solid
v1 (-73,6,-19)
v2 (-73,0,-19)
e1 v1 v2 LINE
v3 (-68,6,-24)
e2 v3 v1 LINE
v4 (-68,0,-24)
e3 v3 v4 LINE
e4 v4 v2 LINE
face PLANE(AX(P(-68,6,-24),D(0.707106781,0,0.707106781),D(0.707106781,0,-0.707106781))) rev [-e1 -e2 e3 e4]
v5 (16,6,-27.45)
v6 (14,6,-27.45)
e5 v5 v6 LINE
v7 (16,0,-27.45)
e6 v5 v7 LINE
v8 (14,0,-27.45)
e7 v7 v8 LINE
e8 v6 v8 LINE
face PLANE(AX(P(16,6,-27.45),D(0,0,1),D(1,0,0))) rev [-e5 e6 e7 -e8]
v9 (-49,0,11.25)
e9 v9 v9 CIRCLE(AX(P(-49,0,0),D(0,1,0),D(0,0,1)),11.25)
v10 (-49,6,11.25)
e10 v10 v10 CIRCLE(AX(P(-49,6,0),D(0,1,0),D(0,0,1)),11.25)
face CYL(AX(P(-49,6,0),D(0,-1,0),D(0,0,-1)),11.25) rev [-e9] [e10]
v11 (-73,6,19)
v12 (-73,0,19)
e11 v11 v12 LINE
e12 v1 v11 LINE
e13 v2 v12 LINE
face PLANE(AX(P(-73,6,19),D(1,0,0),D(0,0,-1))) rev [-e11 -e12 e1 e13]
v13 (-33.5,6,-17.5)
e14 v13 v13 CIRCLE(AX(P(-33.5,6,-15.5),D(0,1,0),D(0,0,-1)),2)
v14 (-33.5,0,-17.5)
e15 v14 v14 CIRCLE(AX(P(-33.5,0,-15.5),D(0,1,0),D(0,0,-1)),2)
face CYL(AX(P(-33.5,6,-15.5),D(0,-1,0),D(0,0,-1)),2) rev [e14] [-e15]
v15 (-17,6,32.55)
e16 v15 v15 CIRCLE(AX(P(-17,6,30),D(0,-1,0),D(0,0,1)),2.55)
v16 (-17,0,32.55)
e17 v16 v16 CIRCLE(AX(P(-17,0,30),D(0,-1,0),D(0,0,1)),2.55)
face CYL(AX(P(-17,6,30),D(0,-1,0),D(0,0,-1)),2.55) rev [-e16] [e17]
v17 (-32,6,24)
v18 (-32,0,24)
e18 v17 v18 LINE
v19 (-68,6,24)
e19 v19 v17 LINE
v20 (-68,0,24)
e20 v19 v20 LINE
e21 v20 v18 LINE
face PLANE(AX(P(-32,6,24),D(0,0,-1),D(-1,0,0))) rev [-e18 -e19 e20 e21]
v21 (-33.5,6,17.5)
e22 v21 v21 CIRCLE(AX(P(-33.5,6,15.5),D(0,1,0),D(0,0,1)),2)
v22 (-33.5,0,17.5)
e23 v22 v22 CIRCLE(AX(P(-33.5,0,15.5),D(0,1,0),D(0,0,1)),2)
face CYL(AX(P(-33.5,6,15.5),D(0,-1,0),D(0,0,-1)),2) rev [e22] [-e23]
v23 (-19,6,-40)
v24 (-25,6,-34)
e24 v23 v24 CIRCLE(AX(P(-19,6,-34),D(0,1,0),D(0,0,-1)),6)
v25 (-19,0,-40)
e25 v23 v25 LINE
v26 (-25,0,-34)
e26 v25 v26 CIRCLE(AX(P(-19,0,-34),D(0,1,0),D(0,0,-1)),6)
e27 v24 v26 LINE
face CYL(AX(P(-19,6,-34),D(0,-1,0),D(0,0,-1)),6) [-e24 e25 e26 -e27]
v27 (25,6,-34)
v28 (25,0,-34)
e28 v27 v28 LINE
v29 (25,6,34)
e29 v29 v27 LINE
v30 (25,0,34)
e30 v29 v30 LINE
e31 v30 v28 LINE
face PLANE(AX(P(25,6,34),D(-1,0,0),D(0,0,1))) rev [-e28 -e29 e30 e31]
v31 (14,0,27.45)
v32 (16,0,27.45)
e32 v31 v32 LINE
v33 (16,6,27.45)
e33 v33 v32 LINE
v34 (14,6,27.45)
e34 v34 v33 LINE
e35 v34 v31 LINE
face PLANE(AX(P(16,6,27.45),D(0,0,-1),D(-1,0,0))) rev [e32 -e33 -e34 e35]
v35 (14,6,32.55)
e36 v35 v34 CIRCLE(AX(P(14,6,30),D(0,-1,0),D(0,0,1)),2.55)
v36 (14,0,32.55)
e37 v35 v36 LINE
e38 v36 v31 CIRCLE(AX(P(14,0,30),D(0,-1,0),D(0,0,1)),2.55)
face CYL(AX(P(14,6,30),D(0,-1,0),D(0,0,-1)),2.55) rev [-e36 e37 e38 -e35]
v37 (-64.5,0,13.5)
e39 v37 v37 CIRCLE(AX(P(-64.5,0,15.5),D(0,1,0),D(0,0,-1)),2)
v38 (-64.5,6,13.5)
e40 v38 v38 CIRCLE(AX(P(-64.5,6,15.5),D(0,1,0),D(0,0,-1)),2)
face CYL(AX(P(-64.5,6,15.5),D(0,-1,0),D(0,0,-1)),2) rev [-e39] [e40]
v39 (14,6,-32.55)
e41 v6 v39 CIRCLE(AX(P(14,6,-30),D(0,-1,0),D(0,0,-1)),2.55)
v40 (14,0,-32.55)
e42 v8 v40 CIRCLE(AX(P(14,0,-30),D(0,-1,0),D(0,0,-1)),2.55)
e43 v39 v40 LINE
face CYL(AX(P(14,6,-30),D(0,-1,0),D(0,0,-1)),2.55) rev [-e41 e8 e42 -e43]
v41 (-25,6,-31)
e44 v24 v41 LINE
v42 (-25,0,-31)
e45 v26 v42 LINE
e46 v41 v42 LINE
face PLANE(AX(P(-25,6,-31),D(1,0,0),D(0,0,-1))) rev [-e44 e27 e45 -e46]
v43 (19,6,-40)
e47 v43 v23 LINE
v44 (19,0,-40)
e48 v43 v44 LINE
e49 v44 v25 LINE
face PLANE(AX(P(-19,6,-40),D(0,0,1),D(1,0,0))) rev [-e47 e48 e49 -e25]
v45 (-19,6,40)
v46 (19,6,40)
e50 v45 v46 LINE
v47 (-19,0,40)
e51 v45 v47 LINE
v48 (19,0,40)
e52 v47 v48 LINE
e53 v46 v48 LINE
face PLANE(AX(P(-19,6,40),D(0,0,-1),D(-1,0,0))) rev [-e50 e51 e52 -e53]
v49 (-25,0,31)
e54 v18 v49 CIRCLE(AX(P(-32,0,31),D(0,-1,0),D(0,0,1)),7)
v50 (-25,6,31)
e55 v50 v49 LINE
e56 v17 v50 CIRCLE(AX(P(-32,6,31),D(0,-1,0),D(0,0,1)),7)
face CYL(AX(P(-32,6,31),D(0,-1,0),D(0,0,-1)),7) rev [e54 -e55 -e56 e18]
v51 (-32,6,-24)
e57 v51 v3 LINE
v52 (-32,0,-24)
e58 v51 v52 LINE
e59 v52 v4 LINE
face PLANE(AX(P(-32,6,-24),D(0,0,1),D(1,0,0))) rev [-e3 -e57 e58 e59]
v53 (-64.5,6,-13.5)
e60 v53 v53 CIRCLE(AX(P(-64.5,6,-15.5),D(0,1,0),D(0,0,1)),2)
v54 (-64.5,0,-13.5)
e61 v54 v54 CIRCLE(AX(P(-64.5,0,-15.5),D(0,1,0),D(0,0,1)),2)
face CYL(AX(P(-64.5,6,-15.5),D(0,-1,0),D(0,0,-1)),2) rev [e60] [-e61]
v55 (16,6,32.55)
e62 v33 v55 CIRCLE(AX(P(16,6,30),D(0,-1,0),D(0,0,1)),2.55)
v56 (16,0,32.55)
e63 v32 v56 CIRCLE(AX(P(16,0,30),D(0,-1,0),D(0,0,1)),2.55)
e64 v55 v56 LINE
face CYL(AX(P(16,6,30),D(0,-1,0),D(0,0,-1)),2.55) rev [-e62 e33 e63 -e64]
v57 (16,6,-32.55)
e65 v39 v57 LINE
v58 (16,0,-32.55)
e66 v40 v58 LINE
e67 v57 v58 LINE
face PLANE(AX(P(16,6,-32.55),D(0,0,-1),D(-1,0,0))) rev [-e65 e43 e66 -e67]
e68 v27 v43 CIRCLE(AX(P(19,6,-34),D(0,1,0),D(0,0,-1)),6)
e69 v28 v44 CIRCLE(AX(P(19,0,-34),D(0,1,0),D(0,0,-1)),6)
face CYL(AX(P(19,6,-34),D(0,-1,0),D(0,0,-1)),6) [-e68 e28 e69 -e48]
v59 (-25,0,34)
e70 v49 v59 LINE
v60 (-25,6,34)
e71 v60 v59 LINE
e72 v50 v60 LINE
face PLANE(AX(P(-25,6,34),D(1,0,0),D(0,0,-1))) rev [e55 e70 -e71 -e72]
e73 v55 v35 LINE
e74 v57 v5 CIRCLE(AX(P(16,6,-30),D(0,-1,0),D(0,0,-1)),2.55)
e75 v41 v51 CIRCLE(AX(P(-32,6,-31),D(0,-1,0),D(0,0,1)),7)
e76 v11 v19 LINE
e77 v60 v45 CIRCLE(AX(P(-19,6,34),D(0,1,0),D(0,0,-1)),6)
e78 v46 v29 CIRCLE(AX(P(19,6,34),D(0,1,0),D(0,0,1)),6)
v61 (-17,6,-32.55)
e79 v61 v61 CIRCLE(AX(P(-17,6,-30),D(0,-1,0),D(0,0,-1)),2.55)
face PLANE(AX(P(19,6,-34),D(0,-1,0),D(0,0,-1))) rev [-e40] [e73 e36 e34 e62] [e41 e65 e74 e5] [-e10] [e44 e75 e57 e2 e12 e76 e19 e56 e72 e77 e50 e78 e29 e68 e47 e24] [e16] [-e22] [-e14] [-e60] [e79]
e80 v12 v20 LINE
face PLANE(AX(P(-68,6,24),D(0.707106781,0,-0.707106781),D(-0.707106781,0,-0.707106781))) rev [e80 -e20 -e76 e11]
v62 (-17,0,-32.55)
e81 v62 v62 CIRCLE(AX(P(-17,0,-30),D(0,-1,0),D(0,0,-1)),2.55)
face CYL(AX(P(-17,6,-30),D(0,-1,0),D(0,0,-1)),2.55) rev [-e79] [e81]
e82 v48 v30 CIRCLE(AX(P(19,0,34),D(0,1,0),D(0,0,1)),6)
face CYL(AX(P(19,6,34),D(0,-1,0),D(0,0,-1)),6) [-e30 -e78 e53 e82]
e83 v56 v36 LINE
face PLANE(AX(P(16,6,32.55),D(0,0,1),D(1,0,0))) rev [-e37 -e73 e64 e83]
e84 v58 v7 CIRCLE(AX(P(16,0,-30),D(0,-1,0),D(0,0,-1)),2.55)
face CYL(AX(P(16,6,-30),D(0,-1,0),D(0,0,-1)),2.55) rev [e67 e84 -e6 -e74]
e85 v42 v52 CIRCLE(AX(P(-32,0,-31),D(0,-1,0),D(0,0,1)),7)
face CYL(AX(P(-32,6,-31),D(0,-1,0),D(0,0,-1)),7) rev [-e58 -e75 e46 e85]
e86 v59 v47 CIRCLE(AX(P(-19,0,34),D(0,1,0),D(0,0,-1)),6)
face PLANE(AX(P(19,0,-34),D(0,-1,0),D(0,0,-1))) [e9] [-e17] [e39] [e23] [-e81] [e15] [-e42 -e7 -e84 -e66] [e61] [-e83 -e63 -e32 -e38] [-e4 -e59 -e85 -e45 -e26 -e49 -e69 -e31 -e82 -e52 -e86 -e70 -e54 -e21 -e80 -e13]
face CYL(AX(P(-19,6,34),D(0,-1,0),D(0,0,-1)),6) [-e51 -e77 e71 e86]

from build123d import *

# Parameters (mm, degrees)
SKETCH_1_R          = 11.25
SKETCH_1_R_2        = 2
EXTRUDE_1_DEPTH     = 6
SKETCH_2_R          = 2.55
CUT_EXTRUDE_1_DEPTH = 84.456575535


with BuildPart() as part:
    # Эскиз1 → Бобышка-Вытянуть1 (new body)
    with BuildSketch(Plane(origin=(0, 0, 0), x_dir=(1, 0, 0), z_dir=(0, 1, 0))):
        with BuildLine():
            Line((-32, -24), (-68, -24))
            Line((-68, -24), (-73, -19))
            Line((-73, -19), (-73, 19))
            Line((-73, 19), (-68, 24))
            Line((-68, 24), (-32, 24))
            ThreePointArc((-32, 24), (-27.050252532, 26.050252532), (-25, 31))
            Line((-25, 31), (-25, 34))
            ThreePointArc((-25, 34), (-23.242640687, 38.242640687), (-19, 40))
            Line((-19, 40), (19, 40))
            ThreePointArc((19, 40), (23.242640687, 38.242640687), (25, 34))
            Line((25, 34), (25, -34))
            ThreePointArc((25, -34), (23.242640687, -38.242640687), (19, -40))
            Line((19, -40), (-19, -40))
            ThreePointArc((-19, -40), (-23.242640687, -38.242640687), (-25, -34))
            Line((-25, -34), (-25, -31))
            ThreePointArc((-25, -31), (-27.050252532, -26.050252532), (-32, -24))
        make_face()
        with Locations(Location((-49, 0, 0), (0, 0, 270))):
            Circle(SKETCH_1_R, mode=Mode.SUBTRACT)
        with Locations(Location((-64.5, 15.5, 0), (0, 0, 270))):
            Circle(SKETCH_1_R_2, mode=Mode.SUBTRACT)
        with Locations(Location((-64.5, -15.5, 0), (0, 0, 90))):
            Circle(SKETCH_1_R_2, mode=Mode.SUBTRACT)
        with Locations(Location((-33.5, 15.5, 0), (0, 0, 90))):
            Circle(SKETCH_1_R_2, mode=Mode.SUBTRACT)
        with Locations(Location((-33.5, -15.5, 0), (0, 0, 270))):
            Circle(SKETCH_1_R_2, mode=Mode.SUBTRACT)
    extrude(amount=EXTRUDE_1_DEPTH)

    # Эскиз2 → Вырез-Вытянуть1 (cut, through all)
    with BuildSketch(Plane.XZ):
        with Locations(Location((-17, -30, 0), (0, 0, 270))):
            Circle(SKETCH_2_R)
        with Locations(Location((-17, 30, 0), (0, 0, 90))):
            Circle(SKETCH_2_R)
        with BuildLine():
            Line((16, -32.55), (14, -32.55))
            ThreePointArc((14, -32.55), (11.45, -30), (14, -27.45))
            Line((14, -27.45), (16, -27.45))
            ThreePointArc((16, -27.45), (18.55, -30), (16, -32.55))
        make_face()
        with BuildLine():
            Line((16, 32.55), (14, 32.55))
            ThreePointArc((14, 32.55), (11.45, 30), (14, 27.45))
            Line((14, 27.45), (16, 27.45))
            ThreePointArc((16, 27.45), (18.55, 30), (16, 32.55))
        make_face()
    extrude(amount=-CUT_EXTRUDE_1_DEPTH, mode=Mode.SUBTRACT)


solid = part.part
